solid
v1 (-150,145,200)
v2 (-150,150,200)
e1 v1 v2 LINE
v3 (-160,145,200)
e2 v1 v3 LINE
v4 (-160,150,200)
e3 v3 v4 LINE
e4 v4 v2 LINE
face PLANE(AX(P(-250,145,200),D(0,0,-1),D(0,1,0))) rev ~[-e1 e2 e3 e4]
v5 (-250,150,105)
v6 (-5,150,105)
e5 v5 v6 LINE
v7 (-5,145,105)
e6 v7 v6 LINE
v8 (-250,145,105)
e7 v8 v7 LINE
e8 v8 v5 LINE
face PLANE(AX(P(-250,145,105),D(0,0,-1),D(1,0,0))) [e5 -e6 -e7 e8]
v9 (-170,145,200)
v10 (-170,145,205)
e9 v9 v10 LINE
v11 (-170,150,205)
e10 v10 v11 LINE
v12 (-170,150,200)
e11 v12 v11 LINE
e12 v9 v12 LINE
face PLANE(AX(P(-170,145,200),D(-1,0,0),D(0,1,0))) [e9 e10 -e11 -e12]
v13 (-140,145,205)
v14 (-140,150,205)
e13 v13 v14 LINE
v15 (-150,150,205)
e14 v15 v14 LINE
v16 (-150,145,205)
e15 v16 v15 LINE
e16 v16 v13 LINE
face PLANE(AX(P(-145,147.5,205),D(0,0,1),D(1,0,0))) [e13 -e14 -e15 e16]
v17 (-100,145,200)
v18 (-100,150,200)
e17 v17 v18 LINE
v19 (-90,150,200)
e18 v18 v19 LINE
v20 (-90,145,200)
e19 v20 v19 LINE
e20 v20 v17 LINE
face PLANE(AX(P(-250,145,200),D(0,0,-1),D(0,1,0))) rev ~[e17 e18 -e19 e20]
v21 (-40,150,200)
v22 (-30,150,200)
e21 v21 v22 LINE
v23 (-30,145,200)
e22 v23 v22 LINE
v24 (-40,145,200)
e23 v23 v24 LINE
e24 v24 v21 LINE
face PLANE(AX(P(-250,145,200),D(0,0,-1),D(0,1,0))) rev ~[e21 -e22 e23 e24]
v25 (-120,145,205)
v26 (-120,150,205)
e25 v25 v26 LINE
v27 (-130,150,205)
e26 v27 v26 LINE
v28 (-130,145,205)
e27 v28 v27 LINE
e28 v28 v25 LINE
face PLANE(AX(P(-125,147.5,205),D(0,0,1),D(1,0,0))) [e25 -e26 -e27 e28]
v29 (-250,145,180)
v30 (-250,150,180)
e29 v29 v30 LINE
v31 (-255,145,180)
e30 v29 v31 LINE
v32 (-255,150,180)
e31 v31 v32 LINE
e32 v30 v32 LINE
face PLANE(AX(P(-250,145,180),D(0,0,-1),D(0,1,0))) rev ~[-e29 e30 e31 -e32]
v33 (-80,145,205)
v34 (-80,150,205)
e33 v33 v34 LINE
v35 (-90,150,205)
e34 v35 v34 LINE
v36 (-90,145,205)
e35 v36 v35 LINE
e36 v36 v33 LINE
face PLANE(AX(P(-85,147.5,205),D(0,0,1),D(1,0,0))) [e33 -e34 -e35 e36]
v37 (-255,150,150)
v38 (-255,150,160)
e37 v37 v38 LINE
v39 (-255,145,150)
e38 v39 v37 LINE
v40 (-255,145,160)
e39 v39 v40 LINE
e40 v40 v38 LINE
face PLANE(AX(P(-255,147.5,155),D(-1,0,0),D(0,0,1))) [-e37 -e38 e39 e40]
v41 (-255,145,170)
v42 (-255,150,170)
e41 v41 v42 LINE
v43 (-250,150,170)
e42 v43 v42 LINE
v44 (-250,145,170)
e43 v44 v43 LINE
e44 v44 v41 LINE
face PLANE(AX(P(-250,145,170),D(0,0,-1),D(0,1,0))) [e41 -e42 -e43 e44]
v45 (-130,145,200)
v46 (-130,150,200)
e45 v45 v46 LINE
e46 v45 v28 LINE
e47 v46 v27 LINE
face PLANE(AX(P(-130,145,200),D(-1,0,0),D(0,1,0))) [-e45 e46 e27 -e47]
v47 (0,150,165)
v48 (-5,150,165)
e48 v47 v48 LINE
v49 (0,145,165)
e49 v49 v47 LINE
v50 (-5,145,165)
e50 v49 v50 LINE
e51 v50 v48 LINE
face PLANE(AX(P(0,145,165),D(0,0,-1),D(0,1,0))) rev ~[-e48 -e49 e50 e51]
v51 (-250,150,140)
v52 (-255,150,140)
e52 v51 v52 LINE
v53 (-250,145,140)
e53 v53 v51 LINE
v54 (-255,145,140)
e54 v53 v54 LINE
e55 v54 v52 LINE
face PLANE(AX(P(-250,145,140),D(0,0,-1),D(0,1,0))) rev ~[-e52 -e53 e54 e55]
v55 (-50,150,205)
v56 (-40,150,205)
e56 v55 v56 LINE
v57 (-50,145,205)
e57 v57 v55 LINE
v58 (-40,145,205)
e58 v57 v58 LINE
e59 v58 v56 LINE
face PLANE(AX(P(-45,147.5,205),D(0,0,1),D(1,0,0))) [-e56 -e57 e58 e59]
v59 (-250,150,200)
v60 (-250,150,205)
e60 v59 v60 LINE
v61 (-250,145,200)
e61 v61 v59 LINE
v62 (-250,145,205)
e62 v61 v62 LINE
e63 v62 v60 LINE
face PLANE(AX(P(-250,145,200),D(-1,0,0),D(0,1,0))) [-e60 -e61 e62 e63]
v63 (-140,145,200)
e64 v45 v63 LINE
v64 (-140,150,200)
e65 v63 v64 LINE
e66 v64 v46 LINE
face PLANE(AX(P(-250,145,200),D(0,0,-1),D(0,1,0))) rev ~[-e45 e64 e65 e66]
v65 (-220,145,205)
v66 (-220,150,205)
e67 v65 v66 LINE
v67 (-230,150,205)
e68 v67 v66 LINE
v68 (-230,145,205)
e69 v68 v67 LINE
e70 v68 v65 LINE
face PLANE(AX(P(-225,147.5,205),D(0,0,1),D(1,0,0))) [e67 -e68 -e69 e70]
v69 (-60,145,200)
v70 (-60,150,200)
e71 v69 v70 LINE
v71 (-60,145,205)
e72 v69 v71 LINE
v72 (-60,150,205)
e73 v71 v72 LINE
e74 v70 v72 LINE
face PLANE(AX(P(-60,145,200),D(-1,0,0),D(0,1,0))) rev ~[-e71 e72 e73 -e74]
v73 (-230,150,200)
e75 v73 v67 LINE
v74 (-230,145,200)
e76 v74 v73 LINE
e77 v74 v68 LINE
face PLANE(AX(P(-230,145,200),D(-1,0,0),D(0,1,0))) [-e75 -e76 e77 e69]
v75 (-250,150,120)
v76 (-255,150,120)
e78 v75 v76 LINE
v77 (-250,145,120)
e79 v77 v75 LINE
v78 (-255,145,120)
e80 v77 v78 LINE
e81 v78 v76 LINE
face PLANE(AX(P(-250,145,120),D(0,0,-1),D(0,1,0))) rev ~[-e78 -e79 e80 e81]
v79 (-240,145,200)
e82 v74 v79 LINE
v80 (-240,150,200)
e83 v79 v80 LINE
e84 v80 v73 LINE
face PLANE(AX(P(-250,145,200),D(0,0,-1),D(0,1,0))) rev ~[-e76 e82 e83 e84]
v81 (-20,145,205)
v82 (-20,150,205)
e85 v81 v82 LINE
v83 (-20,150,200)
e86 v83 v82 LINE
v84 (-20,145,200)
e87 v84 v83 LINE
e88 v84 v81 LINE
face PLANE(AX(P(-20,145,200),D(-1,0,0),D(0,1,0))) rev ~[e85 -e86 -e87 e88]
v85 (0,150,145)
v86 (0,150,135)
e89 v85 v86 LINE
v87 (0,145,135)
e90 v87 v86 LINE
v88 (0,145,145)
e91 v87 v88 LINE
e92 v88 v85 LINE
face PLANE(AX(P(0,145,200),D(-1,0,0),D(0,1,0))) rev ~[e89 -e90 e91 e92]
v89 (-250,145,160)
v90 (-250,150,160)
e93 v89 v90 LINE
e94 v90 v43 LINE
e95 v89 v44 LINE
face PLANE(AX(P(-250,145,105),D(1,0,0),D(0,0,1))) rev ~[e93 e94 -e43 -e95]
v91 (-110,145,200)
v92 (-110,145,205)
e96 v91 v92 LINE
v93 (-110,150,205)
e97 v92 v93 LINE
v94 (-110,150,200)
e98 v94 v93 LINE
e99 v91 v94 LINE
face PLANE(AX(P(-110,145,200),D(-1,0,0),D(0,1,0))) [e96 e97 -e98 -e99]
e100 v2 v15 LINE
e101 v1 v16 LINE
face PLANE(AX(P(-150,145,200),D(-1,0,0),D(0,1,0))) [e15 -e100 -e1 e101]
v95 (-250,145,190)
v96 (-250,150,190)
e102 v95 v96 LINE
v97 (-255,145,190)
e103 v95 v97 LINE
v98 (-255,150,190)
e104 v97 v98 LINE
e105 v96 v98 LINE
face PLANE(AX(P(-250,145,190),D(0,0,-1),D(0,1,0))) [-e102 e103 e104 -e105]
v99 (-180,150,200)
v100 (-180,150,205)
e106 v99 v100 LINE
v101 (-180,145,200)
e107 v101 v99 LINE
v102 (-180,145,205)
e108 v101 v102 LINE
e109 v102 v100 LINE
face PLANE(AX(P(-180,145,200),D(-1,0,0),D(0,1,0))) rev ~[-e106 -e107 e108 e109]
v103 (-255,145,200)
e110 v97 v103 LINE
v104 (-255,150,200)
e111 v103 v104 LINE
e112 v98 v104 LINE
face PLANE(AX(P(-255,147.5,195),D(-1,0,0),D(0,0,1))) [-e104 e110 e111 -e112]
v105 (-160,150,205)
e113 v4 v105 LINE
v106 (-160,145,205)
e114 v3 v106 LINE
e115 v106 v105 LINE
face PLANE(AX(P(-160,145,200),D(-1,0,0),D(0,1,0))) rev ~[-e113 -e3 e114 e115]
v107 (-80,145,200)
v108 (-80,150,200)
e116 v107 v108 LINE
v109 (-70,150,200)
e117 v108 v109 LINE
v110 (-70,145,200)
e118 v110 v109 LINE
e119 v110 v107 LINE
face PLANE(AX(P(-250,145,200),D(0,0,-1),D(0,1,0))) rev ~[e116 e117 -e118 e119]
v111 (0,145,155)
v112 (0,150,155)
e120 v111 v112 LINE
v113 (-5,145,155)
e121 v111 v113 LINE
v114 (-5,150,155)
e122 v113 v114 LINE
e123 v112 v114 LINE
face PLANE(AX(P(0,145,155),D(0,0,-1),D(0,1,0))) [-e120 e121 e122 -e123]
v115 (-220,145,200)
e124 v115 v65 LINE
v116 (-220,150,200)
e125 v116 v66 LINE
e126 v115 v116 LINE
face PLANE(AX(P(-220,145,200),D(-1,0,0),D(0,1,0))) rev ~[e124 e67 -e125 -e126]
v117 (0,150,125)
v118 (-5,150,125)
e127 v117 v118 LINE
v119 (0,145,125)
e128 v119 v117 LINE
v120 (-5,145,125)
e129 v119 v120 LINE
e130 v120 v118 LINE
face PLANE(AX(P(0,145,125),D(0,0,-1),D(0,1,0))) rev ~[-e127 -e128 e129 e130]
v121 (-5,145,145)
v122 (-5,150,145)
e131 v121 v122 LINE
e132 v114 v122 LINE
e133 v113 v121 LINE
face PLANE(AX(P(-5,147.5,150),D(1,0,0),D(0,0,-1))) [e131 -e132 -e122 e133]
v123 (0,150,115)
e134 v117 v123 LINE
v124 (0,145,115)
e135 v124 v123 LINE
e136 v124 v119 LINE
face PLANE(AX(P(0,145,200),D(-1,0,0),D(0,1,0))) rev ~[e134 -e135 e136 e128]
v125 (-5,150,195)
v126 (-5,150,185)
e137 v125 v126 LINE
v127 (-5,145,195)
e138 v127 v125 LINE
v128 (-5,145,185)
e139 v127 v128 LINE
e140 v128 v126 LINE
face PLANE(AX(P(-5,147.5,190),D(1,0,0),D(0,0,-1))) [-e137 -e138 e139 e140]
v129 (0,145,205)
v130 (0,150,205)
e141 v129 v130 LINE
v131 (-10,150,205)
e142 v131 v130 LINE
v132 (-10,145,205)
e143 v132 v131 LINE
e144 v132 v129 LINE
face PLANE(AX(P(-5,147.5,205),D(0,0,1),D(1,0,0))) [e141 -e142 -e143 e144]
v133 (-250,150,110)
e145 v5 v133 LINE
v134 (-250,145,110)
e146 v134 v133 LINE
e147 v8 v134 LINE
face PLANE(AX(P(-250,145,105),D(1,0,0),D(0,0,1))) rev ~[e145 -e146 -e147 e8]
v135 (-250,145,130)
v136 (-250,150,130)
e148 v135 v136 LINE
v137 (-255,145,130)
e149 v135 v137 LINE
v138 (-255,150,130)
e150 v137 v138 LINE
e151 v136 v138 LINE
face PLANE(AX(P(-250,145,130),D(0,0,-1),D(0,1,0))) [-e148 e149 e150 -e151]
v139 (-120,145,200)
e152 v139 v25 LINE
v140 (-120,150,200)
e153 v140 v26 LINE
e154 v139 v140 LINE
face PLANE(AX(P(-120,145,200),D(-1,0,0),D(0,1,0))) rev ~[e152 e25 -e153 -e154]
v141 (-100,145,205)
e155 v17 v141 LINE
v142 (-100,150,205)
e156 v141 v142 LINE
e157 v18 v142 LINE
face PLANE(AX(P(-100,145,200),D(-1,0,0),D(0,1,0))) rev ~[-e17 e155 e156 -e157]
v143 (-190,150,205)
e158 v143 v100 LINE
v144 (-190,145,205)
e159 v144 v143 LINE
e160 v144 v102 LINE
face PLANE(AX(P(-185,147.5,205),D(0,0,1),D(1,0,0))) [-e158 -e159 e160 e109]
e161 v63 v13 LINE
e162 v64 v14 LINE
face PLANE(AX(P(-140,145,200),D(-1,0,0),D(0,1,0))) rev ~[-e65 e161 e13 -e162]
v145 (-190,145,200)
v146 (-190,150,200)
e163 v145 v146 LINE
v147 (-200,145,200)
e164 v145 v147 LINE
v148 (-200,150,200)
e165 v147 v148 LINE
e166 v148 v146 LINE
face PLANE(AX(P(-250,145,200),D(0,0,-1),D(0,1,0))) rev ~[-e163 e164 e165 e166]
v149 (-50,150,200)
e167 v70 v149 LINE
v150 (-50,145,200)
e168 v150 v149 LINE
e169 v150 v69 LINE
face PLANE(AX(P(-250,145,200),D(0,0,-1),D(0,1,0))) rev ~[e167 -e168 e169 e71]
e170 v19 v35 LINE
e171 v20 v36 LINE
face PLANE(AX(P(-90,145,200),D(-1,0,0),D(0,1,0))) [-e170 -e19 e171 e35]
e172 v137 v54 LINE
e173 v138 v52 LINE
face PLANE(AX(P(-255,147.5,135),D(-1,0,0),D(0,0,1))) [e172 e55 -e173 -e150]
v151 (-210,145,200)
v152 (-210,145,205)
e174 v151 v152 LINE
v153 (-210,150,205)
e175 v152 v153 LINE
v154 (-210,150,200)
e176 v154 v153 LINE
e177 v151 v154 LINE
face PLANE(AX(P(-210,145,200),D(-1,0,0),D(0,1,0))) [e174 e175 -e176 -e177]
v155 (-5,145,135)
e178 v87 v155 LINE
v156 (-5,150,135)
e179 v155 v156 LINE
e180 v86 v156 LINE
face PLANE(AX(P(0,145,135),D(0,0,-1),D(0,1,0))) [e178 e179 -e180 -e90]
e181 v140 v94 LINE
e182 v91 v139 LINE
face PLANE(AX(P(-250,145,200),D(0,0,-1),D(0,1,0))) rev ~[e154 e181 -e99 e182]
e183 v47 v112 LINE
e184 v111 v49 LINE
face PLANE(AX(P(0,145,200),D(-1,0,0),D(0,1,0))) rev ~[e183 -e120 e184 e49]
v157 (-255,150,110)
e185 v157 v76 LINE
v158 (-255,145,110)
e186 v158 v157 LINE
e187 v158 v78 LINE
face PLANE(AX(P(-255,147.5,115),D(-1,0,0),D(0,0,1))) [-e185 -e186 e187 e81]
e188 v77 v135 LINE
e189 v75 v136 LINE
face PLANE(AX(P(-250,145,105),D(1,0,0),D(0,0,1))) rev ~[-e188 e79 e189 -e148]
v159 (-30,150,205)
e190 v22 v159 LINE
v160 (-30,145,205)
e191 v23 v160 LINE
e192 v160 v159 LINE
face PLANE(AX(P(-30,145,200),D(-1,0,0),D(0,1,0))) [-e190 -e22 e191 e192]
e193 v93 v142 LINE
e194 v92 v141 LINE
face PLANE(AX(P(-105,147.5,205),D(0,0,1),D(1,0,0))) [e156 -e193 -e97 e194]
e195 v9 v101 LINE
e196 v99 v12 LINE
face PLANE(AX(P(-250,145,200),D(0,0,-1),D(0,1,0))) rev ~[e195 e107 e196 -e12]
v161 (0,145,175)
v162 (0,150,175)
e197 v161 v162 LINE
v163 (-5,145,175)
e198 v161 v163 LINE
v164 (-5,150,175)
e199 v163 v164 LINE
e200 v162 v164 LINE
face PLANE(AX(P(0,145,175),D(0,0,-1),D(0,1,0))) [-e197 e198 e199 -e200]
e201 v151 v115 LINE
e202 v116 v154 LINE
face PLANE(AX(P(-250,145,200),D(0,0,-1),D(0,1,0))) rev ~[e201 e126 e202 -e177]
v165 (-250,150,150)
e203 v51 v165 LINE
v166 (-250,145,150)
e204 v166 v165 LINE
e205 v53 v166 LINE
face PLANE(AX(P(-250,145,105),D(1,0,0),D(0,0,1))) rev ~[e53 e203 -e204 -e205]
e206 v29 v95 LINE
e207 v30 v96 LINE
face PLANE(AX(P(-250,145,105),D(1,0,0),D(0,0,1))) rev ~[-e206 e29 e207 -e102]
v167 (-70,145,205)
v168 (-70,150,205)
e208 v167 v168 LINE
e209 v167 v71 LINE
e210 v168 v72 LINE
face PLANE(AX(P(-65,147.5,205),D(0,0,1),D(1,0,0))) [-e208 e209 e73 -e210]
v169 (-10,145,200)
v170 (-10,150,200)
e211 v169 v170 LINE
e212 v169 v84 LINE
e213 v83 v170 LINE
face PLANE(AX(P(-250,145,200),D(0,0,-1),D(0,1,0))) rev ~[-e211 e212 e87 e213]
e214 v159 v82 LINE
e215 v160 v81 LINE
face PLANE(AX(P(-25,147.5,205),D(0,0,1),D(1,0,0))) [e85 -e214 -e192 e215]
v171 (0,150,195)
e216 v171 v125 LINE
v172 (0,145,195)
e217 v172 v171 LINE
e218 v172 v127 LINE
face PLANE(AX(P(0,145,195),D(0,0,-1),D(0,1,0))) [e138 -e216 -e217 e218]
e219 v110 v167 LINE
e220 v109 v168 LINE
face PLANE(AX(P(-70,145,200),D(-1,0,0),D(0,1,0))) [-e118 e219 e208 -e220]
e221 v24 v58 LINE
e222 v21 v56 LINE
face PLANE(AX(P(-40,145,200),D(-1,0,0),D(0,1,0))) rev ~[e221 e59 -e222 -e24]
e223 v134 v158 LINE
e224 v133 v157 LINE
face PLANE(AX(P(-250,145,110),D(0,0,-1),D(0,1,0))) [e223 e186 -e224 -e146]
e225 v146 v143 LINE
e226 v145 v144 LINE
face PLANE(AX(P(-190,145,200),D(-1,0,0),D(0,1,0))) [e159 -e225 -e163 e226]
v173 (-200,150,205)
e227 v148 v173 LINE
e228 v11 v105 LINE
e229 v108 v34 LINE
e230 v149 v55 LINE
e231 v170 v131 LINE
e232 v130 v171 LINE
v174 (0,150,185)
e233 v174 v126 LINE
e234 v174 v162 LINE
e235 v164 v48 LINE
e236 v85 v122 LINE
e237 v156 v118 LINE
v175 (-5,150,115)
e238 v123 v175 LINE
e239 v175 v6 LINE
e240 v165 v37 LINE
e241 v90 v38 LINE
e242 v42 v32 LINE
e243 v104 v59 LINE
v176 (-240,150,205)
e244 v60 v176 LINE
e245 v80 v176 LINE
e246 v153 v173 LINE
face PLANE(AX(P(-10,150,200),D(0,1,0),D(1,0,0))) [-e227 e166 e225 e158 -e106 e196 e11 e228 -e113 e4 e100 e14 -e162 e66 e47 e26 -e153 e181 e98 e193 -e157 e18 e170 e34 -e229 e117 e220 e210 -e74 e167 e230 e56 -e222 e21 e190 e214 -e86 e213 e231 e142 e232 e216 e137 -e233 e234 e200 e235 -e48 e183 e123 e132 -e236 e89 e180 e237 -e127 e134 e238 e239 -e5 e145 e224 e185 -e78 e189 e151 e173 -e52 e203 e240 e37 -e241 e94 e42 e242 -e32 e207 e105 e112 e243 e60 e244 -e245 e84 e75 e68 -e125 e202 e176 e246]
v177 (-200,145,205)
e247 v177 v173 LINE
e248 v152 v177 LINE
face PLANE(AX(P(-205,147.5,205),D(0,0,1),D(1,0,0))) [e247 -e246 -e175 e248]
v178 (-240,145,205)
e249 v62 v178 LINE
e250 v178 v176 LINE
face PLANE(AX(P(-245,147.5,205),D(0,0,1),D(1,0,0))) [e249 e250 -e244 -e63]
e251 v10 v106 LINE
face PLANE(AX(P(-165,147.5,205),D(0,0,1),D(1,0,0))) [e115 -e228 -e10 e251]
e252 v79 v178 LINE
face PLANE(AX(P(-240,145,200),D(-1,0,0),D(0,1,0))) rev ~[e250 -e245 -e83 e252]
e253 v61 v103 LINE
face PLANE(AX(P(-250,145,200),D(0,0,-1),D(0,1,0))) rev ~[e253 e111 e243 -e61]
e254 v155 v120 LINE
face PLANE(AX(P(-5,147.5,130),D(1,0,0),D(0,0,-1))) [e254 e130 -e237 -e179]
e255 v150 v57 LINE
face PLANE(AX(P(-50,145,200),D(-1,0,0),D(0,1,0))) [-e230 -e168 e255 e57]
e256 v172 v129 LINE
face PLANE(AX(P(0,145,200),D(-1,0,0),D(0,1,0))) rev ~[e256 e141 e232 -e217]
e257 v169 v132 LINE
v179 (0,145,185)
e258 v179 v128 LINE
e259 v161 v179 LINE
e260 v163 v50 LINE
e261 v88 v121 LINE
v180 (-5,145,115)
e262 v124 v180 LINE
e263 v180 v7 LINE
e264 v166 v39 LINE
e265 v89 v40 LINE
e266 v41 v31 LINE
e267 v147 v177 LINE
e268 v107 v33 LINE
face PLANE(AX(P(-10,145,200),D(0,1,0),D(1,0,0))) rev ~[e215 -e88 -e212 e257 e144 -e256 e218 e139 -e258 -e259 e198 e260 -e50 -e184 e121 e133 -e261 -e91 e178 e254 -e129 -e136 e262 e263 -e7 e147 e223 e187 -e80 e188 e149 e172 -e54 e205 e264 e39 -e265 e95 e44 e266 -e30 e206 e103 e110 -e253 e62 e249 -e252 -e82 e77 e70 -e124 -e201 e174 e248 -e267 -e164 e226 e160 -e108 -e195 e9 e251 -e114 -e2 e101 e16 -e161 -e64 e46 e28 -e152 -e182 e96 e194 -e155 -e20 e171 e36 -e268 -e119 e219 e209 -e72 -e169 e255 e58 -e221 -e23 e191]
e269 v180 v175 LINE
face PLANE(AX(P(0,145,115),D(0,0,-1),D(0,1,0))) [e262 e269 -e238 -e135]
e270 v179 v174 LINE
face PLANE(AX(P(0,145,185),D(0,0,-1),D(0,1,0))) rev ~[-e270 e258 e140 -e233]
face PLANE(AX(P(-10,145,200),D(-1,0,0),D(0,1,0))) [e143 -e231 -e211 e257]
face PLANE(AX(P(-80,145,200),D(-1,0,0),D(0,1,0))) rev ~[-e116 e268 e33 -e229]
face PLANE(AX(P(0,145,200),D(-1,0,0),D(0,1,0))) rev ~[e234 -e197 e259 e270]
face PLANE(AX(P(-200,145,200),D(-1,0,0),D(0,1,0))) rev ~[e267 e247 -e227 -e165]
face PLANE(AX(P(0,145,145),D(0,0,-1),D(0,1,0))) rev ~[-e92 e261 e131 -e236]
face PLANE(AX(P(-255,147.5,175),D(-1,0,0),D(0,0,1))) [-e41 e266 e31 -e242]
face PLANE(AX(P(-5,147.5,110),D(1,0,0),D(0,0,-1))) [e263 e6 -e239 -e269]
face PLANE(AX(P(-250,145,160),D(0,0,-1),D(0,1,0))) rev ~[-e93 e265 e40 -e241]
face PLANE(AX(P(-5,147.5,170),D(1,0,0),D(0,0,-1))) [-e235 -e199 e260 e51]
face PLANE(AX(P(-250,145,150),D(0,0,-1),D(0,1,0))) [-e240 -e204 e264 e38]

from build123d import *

# Parameters (mm, degrees)
SKETCH011_W             = 95
SKETCH011_H             = 250
PAD009_DEPTH            = 5
SKETCH035_W             = 10
SKETCH035_H             = 5
PAD027_DEPTH            = 5
LINEARPATTERN015_COUNT  = 5
LINEARPATTERN015_PITCH  = 20
SKETCH041_W             = 10
SKETCH041_H             = 5
PAD030_DEPTH            = 5
LINEARPATTERN021_COUNT  = 13
LINEARPATTERN021_PITCH  = 20
SKETCH048_W             = 10
SKETCH048_H             = 5
POCKET014_DEPTH         = 5
LINEARPATTERN028_COUNT  = 5
LINEARPATTERN028_PITCH  = 20
BODY009_PITCH_ANGLE     = -90
BODY009_PLACEMENT_ANGLE = -90


with BuildPart() as part:
    # Sketch011 → Pad009 (new body)
    with BuildSketch(Plane.XY):
        Rectangle(SKETCH011_W, SKETCH011_H)
    extrude(amount=PAD009_DEPTH)

    # Sketch035 (on DatumPlane) → Pad027 (join)
    with BuildSketch(Plane.XZ.offset(125)):
        with Locations((-37.5, 2.5)):
            Rectangle(SKETCH035_W, SKETCH035_H)
    pad027 = extrude(amount=PAD027_DEPTH)

    # LinearPattern015: Pad027 ×5
    with Locations(*[(i * LINEARPATTERN015_PITCH, 0, 0) for i in range(1, LINEARPATTERN015_COUNT)]):
        add(pad027)

    # Sketch041 (on DatumPlane) → Pad030 (join)
    with BuildSketch(Plane.YZ.offset(47.5)):
        with Locations((-120, 2.5)):
            Rectangle(SKETCH041_W, SKETCH041_H)
    pad030 = extrude(amount=PAD030_DEPTH)

    # LinearPattern021: Pad030 ×13
    with Locations(*[(0, i * LINEARPATTERN021_PITCH, 0) for i in range(1, LINEARPATTERN021_COUNT)]):
        add(pad030)

    # Sketch048 (on DatumPlane) → Pocket014 (cut)
    with BuildSketch(Plane(origin=(0, 125, 0), x_dir=(-1, 0, 0), z_dir=(0, 1, 0))):
        with Locations((-37.5, 2.5)):
            Rectangle(SKETCH048_W, SKETCH048_H)
    pocket014 = extrude(amount=-POCKET014_DEPTH, mode=Mode.SUBTRACT)

    # LinearPattern028: Pocket014 ×5
    with Locations(*[(-i * LINEARPATTERN028_PITCH, 0, 0) for i in range(1, LINEARPATTERN028_COUNT)]):
        add(pocket014, mode=Mode.SUBTRACT)


with BuildPart() as part_1:
    # Body009 pitch: moved
    add(part.part.rotate(Axis((0, 0, 0), (0, 1, 0)), BODY009_PITCH_ANGLE))


with BuildPart() as part_2:
    # Body009 placement: moved
    add(part_1.part.moved(Location((-125, 145, 152.5))).rotate(Axis((-125, 145, 152.5), (0, 0, 1)), BODY009_PLACEMENT_ANGLE))


solid = part_2.part
